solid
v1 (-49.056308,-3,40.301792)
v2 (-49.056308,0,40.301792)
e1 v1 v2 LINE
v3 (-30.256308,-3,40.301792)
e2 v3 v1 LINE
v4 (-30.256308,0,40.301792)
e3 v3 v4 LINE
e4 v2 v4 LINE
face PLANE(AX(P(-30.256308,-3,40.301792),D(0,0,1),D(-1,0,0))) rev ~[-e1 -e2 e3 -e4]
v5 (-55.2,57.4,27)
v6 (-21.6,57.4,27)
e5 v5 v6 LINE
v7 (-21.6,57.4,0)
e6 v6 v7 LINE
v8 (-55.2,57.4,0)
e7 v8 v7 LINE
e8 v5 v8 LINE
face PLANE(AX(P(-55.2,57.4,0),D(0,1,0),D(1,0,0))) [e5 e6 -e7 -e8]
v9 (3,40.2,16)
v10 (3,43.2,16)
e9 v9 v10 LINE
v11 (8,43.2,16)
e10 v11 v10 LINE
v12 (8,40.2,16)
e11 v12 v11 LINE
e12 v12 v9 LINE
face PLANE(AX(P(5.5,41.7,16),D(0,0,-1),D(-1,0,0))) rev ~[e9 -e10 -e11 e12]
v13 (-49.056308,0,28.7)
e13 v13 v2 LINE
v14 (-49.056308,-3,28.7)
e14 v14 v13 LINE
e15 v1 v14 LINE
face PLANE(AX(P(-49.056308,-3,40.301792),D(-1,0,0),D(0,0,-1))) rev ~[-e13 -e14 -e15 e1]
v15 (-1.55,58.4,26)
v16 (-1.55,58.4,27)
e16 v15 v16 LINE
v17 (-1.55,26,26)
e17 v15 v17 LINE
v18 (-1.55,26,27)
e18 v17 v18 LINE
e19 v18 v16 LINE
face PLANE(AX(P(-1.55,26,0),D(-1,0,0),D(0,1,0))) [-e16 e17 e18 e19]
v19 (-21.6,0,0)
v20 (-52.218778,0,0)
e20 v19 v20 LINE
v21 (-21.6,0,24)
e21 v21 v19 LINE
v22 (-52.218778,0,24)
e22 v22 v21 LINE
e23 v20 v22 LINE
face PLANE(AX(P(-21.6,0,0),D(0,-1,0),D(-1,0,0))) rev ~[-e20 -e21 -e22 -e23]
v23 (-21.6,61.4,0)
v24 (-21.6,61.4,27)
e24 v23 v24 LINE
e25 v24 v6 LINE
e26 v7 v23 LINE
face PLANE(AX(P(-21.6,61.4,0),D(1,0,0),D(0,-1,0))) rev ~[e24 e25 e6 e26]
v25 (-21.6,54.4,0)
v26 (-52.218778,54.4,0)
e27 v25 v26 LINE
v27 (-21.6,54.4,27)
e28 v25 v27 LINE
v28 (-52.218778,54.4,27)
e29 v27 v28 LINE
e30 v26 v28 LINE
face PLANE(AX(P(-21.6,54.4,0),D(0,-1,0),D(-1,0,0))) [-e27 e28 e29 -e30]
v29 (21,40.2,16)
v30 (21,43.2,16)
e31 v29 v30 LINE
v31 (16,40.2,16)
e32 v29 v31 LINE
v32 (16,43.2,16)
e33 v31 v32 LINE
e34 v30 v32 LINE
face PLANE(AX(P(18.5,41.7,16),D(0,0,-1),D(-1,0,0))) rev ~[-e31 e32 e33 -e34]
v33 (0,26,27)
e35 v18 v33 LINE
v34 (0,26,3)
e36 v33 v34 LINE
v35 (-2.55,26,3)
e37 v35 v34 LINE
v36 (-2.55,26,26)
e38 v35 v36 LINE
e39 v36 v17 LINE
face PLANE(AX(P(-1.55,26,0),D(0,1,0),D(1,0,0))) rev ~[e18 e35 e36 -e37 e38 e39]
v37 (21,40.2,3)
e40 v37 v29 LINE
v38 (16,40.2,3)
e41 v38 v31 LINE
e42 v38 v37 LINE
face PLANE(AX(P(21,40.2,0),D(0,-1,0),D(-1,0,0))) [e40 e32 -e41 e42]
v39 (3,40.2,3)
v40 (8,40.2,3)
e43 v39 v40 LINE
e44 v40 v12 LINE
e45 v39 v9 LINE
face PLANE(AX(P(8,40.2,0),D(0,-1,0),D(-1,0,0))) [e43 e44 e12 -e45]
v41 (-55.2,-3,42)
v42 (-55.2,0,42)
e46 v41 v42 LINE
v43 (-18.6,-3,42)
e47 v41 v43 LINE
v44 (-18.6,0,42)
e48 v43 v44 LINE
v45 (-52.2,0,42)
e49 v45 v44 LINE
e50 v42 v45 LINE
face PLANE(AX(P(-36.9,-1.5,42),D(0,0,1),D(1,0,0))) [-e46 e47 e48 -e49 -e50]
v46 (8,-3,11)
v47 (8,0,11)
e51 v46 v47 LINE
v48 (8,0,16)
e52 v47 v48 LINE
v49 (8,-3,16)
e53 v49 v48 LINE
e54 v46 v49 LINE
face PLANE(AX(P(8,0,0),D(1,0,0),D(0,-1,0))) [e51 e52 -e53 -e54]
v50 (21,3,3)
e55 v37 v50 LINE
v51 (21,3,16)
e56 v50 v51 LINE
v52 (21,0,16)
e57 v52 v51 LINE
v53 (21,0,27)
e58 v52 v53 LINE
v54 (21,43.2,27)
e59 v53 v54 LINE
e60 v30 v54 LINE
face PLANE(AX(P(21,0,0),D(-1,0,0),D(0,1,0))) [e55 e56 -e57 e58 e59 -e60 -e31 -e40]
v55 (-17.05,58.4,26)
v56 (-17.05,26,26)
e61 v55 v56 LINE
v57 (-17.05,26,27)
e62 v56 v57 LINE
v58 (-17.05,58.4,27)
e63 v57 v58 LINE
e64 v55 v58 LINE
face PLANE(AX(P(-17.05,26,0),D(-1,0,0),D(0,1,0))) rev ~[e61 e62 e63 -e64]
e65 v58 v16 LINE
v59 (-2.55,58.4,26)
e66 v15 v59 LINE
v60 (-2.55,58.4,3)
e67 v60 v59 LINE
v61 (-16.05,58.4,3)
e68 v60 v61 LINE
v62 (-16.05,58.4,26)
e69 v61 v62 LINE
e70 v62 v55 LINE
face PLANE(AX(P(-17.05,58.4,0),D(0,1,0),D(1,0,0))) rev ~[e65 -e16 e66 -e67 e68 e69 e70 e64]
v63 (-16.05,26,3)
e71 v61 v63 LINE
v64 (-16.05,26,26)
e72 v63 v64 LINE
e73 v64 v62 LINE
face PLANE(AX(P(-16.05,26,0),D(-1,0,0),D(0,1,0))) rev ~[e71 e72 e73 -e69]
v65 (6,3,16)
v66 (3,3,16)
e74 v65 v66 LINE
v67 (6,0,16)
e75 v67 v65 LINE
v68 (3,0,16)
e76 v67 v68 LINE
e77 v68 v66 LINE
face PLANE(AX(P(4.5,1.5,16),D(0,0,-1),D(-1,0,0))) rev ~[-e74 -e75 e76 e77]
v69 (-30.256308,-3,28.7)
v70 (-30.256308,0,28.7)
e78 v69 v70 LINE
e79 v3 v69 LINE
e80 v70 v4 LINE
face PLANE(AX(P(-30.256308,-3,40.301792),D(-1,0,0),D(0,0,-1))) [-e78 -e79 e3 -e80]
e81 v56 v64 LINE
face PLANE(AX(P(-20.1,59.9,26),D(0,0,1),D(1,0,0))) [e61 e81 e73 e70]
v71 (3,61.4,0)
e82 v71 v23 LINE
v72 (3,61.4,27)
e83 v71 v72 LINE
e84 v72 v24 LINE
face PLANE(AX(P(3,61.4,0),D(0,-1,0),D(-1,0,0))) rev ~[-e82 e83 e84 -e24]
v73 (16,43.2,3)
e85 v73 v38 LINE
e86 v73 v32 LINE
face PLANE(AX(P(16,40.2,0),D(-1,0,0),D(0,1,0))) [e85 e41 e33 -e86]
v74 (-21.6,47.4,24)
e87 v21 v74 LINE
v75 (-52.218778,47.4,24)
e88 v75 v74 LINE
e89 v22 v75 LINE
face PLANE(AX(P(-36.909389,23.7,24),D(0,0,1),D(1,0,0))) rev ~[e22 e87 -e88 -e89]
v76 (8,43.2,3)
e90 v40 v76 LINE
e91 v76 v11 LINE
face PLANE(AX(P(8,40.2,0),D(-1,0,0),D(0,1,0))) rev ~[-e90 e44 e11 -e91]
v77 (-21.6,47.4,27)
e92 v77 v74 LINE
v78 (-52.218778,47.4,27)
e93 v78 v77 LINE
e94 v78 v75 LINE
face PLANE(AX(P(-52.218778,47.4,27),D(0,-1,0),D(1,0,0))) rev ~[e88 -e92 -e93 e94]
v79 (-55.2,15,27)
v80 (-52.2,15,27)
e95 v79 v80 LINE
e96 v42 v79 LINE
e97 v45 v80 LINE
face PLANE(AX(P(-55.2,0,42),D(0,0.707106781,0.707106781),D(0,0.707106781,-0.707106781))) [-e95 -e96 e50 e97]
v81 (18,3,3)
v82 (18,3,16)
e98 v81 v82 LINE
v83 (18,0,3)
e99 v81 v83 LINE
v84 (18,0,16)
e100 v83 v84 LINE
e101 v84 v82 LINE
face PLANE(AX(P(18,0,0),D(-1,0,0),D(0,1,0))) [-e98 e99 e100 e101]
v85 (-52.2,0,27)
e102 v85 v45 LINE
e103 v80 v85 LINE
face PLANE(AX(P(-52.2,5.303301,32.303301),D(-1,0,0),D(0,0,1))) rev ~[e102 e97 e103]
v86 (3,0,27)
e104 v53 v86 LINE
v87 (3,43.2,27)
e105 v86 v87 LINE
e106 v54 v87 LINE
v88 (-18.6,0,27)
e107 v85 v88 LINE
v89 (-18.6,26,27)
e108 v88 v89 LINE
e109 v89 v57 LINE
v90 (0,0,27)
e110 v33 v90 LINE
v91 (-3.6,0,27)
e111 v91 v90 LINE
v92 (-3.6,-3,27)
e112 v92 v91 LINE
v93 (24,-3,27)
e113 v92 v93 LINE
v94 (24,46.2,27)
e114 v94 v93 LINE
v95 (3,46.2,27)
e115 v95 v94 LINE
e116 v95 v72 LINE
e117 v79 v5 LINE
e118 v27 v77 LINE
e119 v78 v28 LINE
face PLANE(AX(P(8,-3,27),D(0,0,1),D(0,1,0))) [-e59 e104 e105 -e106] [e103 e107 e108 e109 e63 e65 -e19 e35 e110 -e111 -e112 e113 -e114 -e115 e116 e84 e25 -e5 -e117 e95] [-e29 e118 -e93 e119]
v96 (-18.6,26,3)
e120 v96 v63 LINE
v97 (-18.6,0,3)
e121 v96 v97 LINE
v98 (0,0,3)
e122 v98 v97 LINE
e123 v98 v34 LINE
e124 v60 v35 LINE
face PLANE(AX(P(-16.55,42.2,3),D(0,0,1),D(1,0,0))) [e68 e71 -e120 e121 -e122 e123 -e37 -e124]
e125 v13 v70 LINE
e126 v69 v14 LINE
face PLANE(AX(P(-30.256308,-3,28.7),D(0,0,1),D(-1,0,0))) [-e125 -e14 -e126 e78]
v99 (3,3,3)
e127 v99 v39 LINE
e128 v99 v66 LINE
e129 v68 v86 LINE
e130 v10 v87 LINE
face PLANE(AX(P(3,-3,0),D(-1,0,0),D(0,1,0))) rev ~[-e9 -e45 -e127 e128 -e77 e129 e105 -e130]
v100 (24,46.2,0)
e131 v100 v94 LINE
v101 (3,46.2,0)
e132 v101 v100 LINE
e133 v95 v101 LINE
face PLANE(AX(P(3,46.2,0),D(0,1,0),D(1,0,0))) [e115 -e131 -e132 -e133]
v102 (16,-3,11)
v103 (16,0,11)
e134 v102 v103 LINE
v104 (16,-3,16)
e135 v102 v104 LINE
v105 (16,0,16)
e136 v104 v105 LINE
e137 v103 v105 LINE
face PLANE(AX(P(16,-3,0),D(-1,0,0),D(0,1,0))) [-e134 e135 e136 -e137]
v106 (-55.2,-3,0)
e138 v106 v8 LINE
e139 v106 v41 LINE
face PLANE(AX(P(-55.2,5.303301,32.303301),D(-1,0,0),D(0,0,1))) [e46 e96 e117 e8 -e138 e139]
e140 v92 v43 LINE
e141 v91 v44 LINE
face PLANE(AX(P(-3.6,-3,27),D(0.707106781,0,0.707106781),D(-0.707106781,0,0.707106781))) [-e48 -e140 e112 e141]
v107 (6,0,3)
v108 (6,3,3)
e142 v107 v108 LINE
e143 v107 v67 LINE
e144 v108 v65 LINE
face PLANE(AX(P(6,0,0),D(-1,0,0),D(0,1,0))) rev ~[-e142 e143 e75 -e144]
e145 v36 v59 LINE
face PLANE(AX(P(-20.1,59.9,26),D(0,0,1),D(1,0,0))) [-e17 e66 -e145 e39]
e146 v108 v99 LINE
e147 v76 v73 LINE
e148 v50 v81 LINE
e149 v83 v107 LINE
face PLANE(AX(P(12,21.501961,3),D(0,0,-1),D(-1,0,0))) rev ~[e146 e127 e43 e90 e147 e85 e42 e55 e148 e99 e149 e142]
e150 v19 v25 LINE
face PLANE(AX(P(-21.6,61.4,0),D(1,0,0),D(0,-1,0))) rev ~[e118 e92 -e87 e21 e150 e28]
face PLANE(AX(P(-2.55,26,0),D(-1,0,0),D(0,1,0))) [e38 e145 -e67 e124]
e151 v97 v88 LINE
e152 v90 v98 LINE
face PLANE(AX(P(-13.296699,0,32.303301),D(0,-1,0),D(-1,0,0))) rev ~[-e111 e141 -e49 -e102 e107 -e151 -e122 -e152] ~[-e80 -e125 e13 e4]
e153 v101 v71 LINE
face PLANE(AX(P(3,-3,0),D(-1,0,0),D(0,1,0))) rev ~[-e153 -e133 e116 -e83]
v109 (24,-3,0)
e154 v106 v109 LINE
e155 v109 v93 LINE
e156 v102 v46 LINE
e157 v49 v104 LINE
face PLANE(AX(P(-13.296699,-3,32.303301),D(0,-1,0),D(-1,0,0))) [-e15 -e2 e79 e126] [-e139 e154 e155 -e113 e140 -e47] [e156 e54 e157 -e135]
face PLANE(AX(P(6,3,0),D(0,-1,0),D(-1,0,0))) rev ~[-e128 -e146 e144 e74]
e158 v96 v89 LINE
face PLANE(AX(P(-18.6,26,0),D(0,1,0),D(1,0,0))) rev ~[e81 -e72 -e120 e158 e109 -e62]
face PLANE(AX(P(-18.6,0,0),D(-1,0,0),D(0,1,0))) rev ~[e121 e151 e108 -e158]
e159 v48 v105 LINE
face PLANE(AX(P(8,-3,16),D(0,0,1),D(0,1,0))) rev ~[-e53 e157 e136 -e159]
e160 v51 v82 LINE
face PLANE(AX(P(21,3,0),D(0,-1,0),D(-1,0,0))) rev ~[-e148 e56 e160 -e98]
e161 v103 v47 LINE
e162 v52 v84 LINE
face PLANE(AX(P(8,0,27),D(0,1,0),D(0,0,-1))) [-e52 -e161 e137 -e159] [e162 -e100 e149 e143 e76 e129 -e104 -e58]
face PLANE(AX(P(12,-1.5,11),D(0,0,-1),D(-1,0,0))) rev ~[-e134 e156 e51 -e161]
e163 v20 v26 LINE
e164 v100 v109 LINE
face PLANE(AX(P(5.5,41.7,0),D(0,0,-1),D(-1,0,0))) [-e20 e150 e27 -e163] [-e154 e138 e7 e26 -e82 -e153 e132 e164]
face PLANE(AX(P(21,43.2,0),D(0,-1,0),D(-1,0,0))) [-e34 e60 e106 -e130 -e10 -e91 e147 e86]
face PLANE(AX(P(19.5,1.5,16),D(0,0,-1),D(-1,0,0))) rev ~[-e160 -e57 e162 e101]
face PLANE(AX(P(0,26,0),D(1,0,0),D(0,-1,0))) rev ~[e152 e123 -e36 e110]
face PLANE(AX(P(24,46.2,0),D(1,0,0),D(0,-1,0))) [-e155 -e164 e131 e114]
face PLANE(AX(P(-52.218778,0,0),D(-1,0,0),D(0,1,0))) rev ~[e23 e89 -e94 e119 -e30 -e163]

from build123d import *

# Parameters (mm, degrees)
SKETCH1_W            = 24.6
SKETCH1_H            = 64.4
BOSS_EXTRUDE1_DEPTH  = 3
SKETCH1_5_W          = 24.6
SKETCH1_5_H          = 64.4
BOSS_EXTRUDE2_DEPTH  = 26
BOSS_EXTRUDE4_DEPTH  = 35
SKETCH1_8_W          = 24.6
SKETCH1_8_H          = 64.4
BOSS_EXTRUDE5_DEPTH  = 27
BOSS_EXTRUDE6_DEPTH  = 3
BOSS_EXTRUDE7_DEPTH  = 2
SKETCH2_4_W          = 8
SKETCH2_4_H          = 3
BOSS_EXTRUDE8_DEPTH  = 11
SKETCH2_5_W          = 5
SKETCH2_5_H          = 3
BOSS_EXTRUDE9_DEPTH  = 27
SKETCH5_W            = 33.6
SKETCH5_H            = 60.4
BOSS_EXTRUDE11_DEPTH = 3
SKETCH5_5_W          = 30.618778274
SKETCH5_5_H          = 54.4
CUT_EXTRUDE3_DEPTH   = 3
BOSS_EXTRUDE12_DEPTH = 27
SKETCH6_W            = 30.618778274
SKETCH6_H            = 47.4
BOSS_EXTRUDE13_DEPTH = 3
SKETCH7_W            = 24.6
SKETCH7_H            = 8
CUT_EXTRUDE4_DEPTH   = 3
SKETCH8_W            = 11
SKETCH8_H            = 3
BOSS_EXTRUDE14_DEPTH = 8
SKETCH2_6_W          = 3
SKETCH2_6_H          = 3
SKETCH2_6_W_2        = 5
BOSS_EXTRUDE15_DEPTH = 16
SKETCH9_W            = 36.6
SKETCH9_H            = 3
BOSS_EXTRUDE16_DEPTH = 15
SKETCH10_W           = 18.8
SKETCH10_H           = 11.60179211
CUT_EXTRUDE5_DEPTH   = 15
BOSS_EXTRUDE17_DEPTH = 3
BOSS_EXTRUDE18_DEPTH = 3


with BuildPart() as part:
    # Sketch1 → Boss-Extrude1 (new body)
    with BuildSketch(Plane.XY):
        with Locations((-9.3, 29.2)):
            Rectangle(SKETCH1_W, SKETCH1_H)
    extrude(amount=BOSS_EXTRUDE1_DEPTH)

    # Sketch1<5> → Boss-Extrude2 (add)
    with BuildSketch(Plane.XY):
        with Locations((-9.3, 29.2)):
            Rectangle(SKETCH1_5_W, SKETCH1_5_H)
        Polygon((0, 0), (-18.6, 0), (-18.6, 26), (-16.05, 26), (-16.05, 58.4), (-2.55, 58.4), (-2.55, 26), (0, 26), align=None, mode=Mode.SUBTRACT)
    extrude(amount=BOSS_EXTRUDE2_DEPTH)

    # Sketch1<7> → Boss-Extrude4 (add)
    with BuildSketch(Plane.XY):
        Polygon((3, 0), (0, 0), (-18.6, 0), (-21.6, 0), (-21.6, -3), (3, -3), align=None)
    extrude(amount=BOSS_EXTRUDE4_DEPTH)

    # Sketch1<8> → Boss-Extrude5 (add)
    with BuildSketch(Plane.XY):
        with Locations((-9.3, 29.2)):
            Rectangle(SKETCH1_8_W, SKETCH1_8_H)
        Polygon((0, 0), (-18.6, 0), (-18.6, 26), (-17.05, 26), (-17.05, 58.4), (-1.55, 58.4), (-1.55, 26), (0, 26), align=None, mode=Mode.SUBTRACT)
    extrude(amount=BOSS_EXTRUDE5_DEPTH)

    # Sketch2 → Boss-Extrude6 (add)
    with BuildSketch(Plane(origin=(0, 0, 0), x_dir=(-1, 0, 0), z_dir=(0, 0, -1))):
        Polygon((-8, 0), (-6, 0), (-6, 3), (-3, 3), (-3, 40.2), (-8, 40.2), (-8, 43.2), (-16, 43.2), (-16, 40.2), (-21, 40.2), (-21, 3), (-18, 3), (-18, 0), (-16, 0), align=None)
    extrude(amount=-BOSS_EXTRUDE6_DEPTH)

    # Sketch2<3> → Boss-Extrude7 (add)
    with BuildSketch(Plane(origin=(0, 0, 0), x_dir=(-1, 0, 0), z_dir=(0, 0, -1))):
        Polygon((-3, -3), (-3, 3), (-6, 3), (-6, 0), (-8, 0), (-8, -3), align=None)
        Polygon((-8, 40.2), (-3, 40.2), (-3, 46.2), (-24, 46.2), (-24, -3), (-16, -3), (-16, 0), (-18, 0), (-18, 3), (-21, 3), (-21, 40.2), (-16, 40.2), (-16, 43.2), (-8, 43.2), align=None)
    extrude(amount=-BOSS_EXTRUDE7_DEPTH)

    # Sketch2<4> → Boss-Extrude8 (add)
    with BuildSketch(Plane(origin=(0, 0, 0), x_dir=(-1, 0, 0), z_dir=(0, 0, -1))):
        with Locations((-12, -1.5)):
            Rectangle(SKETCH2_4_W, SKETCH2_4_H)
    extrude(amount=-BOSS_EXTRUDE8_DEPTH)

    # Sketch2<5> → Boss-Extrude9 (add)
    with BuildSketch(Plane(origin=(0, 0, 0), x_dir=(-1, 0, 0), z_dir=(0, 0, -1))):
        with Locations((-5.5, -1.5)):
            Rectangle(SKETCH2_5_W, SKETCH2_5_H)
        Polygon((-16, -3), (-16, 0), (-21, 0), (-21, 43.2), (-3, 43.2), (-3, 46.2), (-24, 46.2), (-24, -3), align=None)
    extrude(amount=-BOSS_EXTRUDE9_DEPTH)

    # Sketch5 → Boss-Extrude11 (add)
    with BuildSketch(Plane(origin=(0, 0, 0), x_dir=(-1, 0, 0), z_dir=(0, 0, -1))):
        with Locations((38.4, 27.2)):
            Rectangle(SKETCH5_W, SKETCH5_H)
    extrude(amount=-BOSS_EXTRUDE11_DEPTH)

    # Sketch5<5> → Cut-Extrude3 (cut)
    with BuildSketch(Plane(origin=(0, 0, 0), x_dir=(-1, 0, 0), z_dir=(0, 0, -1))):
        with Locations((36.909389137, 27.2)):
            Rectangle(SKETCH5_5_W, SKETCH5_5_H)
    extrude(amount=-CUT_EXTRUDE3_DEPTH, mode=Mode.SUBTRACT)

    # Sketch5<6> → Boss-Extrude12 (add)
    with BuildSketch(Plane(origin=(0, 0, 0), x_dir=(-1, 0, 0), z_dir=(0, 0, -1))):
        Polygon((21.6, 0), (21.6, -3), (55.2, -3), (55.2, 57.4), (21.6, 57.4), (21.6, 54.4), (52.218778274, 54.4), (52.218778274, 0), align=None)
    extrude(amount=-BOSS_EXTRUDE12_DEPTH)

    # Sketch6 → Boss-Extrude13 (add)
    with BuildSketch(Plane.XY.offset(27)):
        with Locations((-36.909389137, 23.7)):
            Rectangle(SKETCH6_W, SKETCH6_H)
    extrude(amount=-BOSS_EXTRUDE13_DEPTH)

    # Sketch7 → Cut-Extrude4 (cut)
    with BuildSketch(Plane.XZ.offset(3)):
        with Locations((-9.3, 31)):
            Rectangle(SKETCH7_W, SKETCH7_H)
    extrude(amount=-CUT_EXTRUDE4_DEPTH, mode=Mode.SUBTRACT)

    # Sketch8 → Boss-Extrude14 (add)
    with BuildSketch(Plane(origin=(8, 0, 0), x_dir=(0, 0, -1), z_dir=(1, 0, 0))):
        with Locations((-21.5, -1.5)):
            Rectangle(SKETCH8_W, SKETCH8_H)
    extrude(amount=BOSS_EXTRUDE14_DEPTH)

    # Sketch2<6> → Boss-Extrude15 (add)
    with BuildSketch(Plane(origin=(0, 0, 0), x_dir=(-1, 0, 0), z_dir=(0, 0, -1))):
        with Locations((-4.5, 1.5)):
            Rectangle(SKETCH2_6_W, SKETCH2_6_H)
        with Locations((-5.5, 41.7)):
            Rectangle(SKETCH2_6_W_2, SKETCH2_6_H)
        with Locations((-19.5, 1.5)):
            Rectangle(SKETCH2_6_W, SKETCH2_6_H)
        with Locations((-18.5, 41.7)):
            Rectangle(SKETCH2_6_W_2, SKETCH2_6_H)
    extrude(amount=-BOSS_EXTRUDE15_DEPTH)

    # Sketch9 → Boss-Extrude16 (add)
    with BuildSketch(Plane.XY.offset(27)):
        with Locations((-36.9, -1.5)):
            Rectangle(SKETCH9_W, SKETCH9_H)
    extrude(amount=BOSS_EXTRUDE16_DEPTH)

    # Sketch10 → Cut-Extrude5 (cut)
    with BuildSketch(Plane(origin=(0, -3, 0), x_dir=(-1, 0, 0), z_dir=(0, -1, 0))):
        with Locations((39.656308117, -34.500896055)):
            Rectangle(SKETCH10_W, SKETCH10_H)
    extrude(amount=-CUT_EXTRUDE5_DEPTH, mode=Mode.SUBTRACT)

    # Sketch11 → Boss-Extrude17 (add)
    with BuildSketch(Plane(origin=(0, -3, 0), x_dir=(-1, 0, 0), z_dir=(0, -1, 0))):
        Polygon((18.6, -42), (18.6, -27), (3.6, -27), align=None)
    extrude(amount=-BOSS_EXTRUDE17_DEPTH)

    # Sketch12 → Boss-Extrude18 (add)
    with BuildSketch(Plane.ZY.offset(55.2)):
        Polygon((27, 0), (42, 0), (27, 15), align=None)
    extrude(amount=-BOSS_EXTRUDE18_DEPTH)


solid = part.part
